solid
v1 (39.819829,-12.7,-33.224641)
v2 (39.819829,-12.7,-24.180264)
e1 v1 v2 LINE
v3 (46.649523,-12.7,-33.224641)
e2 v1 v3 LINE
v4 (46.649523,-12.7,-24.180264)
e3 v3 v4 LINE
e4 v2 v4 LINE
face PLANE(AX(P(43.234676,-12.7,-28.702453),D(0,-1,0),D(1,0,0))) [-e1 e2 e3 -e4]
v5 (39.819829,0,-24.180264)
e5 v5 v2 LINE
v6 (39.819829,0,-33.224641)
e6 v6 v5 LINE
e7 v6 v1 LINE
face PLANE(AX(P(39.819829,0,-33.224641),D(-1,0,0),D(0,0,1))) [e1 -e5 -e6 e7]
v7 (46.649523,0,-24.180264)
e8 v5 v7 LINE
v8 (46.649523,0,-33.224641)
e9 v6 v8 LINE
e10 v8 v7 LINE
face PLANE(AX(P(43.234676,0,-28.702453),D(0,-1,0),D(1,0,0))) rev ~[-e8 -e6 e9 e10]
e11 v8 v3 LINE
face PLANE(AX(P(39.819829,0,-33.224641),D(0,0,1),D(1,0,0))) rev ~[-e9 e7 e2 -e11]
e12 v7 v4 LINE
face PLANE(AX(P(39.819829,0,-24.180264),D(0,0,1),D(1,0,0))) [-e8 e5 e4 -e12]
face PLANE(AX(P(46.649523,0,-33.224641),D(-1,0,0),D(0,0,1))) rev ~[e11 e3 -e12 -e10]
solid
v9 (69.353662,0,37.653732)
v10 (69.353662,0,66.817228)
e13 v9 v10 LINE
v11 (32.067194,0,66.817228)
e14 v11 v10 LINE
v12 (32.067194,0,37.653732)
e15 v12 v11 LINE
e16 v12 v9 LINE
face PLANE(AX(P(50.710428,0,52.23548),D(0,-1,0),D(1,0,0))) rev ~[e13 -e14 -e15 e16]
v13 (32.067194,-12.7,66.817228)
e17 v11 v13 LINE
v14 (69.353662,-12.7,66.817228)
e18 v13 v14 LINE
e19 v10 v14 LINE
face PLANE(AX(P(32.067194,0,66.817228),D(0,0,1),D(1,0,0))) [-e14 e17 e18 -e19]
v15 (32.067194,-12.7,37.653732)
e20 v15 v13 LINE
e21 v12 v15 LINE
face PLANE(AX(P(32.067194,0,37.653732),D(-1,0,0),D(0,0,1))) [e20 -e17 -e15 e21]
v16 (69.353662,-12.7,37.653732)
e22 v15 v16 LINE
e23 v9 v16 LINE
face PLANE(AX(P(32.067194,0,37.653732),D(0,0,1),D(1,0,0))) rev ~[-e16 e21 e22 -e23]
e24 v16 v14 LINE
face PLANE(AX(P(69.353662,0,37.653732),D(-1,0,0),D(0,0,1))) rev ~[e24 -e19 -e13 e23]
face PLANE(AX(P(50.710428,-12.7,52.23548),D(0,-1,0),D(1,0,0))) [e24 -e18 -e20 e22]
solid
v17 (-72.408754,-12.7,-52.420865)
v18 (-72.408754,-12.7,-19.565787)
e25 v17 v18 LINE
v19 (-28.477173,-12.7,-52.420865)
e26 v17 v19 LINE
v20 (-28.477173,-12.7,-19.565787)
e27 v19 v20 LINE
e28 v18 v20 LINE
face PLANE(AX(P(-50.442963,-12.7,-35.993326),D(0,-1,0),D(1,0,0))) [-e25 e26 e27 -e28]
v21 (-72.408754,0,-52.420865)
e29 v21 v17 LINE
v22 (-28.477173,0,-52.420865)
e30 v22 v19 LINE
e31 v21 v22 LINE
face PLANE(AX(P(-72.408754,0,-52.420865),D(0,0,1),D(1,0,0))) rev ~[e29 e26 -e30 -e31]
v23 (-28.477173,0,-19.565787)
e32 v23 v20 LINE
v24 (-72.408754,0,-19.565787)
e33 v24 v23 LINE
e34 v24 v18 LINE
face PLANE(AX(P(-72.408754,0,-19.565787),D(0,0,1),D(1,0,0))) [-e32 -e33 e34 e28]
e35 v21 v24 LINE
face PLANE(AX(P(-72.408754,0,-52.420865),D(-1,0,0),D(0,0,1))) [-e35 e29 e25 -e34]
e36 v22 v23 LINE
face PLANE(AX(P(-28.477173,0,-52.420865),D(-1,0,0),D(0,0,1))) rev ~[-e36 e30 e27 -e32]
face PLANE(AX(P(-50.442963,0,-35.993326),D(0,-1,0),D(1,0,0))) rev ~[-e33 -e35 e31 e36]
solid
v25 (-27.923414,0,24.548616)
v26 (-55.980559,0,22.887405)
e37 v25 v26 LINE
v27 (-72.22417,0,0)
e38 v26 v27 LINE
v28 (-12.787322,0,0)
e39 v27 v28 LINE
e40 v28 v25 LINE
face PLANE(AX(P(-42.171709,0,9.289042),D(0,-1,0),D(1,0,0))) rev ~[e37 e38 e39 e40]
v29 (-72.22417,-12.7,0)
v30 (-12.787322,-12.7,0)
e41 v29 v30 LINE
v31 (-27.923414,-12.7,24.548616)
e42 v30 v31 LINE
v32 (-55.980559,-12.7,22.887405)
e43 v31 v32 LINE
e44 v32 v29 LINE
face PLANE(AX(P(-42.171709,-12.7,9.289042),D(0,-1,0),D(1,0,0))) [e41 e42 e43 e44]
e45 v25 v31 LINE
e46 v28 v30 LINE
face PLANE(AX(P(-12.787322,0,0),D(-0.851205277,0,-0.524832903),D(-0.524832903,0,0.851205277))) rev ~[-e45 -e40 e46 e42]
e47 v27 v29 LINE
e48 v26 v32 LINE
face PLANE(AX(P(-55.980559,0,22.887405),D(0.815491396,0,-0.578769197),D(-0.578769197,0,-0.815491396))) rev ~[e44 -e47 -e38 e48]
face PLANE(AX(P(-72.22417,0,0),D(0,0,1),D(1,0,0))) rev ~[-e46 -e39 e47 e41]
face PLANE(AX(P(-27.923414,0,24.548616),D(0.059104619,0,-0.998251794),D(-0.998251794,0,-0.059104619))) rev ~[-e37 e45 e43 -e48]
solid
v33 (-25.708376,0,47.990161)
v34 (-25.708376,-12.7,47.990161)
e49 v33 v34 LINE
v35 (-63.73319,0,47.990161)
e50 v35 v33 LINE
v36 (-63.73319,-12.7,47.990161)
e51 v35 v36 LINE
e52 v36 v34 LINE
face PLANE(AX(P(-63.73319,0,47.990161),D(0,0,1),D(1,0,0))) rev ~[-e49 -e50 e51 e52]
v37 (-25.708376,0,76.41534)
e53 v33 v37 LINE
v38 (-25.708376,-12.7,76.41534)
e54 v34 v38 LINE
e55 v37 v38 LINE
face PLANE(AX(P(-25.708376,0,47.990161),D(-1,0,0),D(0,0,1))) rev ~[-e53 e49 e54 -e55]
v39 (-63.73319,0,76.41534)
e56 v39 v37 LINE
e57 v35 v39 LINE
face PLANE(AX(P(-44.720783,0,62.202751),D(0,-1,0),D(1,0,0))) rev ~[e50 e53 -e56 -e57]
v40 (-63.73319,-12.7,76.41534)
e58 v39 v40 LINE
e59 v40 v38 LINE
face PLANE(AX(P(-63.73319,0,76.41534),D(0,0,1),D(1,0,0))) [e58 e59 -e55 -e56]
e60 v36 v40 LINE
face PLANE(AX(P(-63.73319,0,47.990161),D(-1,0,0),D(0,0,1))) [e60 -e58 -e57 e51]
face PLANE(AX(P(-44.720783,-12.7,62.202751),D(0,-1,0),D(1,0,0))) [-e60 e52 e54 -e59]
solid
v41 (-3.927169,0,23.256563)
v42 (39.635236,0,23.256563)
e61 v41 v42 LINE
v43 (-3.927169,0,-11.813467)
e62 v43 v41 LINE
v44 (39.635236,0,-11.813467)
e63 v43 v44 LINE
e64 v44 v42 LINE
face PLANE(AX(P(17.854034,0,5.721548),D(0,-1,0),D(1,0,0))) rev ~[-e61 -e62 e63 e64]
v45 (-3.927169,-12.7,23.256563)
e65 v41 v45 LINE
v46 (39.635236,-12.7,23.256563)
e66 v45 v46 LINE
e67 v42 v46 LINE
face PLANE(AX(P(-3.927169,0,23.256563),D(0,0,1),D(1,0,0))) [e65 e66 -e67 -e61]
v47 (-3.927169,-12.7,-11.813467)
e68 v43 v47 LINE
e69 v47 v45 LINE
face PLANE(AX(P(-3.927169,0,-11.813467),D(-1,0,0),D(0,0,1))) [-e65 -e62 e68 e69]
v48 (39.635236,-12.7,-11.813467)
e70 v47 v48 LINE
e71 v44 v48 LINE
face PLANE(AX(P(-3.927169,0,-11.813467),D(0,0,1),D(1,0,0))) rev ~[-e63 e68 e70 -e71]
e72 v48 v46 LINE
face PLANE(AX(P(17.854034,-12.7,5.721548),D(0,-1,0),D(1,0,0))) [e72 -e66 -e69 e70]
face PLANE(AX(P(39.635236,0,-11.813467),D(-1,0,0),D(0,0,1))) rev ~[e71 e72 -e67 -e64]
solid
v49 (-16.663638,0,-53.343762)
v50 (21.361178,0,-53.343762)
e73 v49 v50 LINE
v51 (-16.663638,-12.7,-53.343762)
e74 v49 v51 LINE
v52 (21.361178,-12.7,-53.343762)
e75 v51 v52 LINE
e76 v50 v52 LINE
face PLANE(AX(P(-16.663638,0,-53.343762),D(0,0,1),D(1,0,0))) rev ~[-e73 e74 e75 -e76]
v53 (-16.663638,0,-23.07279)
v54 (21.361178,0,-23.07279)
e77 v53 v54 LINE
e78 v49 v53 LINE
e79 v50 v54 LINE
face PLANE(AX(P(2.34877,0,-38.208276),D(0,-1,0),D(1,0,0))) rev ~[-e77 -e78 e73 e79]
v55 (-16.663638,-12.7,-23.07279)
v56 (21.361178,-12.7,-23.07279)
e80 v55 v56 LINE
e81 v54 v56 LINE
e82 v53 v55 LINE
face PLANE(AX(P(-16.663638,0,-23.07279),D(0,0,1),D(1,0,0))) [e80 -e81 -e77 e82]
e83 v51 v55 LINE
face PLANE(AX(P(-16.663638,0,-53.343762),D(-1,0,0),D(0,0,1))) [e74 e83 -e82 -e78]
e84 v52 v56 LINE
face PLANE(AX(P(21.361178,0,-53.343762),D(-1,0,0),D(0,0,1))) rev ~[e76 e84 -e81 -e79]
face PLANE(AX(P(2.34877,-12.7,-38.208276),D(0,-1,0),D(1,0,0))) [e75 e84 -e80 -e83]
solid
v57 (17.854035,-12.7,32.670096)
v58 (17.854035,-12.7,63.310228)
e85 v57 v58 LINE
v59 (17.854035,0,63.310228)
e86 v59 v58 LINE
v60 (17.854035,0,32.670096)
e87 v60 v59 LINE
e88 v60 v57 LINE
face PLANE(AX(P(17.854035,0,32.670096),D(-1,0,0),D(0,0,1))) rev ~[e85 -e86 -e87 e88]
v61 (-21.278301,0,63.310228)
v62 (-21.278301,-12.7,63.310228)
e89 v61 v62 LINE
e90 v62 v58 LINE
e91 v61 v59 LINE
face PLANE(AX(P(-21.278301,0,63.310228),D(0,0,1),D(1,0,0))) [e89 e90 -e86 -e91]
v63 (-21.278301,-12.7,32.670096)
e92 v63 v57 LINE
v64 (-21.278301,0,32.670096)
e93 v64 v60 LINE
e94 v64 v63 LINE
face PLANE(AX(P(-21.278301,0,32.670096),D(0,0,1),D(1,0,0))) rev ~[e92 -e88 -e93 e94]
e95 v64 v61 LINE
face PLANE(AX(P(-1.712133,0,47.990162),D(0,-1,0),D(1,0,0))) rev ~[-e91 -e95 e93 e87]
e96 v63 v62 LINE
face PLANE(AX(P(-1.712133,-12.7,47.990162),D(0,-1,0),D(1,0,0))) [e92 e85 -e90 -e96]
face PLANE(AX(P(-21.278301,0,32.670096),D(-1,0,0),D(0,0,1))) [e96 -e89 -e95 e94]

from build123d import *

# Parameters (mm, degrees)
F0_W     = 38.024813
F0_H     = 28.425179
F0_W_2   = 43.931581
F0_H_2   = 32.855079
F0_W_3   = 38.024816
F0_H_3   = 30.270972
F0_W_4   = 6.829694
F0_H_4   = 9.044377
F0_W_5   = 43.562405
F0_H_5   = 35.070029
F0_W_6   = 39.132336
F0_H_6   = 30.640132
F0_W_7   = 37.286467
F0_H_7   = 29.163495
F1_DEPTH = 12.7


with BuildPart() as f1:
    # F0 (on Front) → F1 (new body)
    with BuildSketch(Plane.XZ):
        with Locations((-44.720783, 62.202751)):
            Rectangle(F0_W, F0_H)
        with Locations((-50.442963, -35.993326)):
            Rectangle(F0_W_2, F0_H_2)
        with Locations((2.34877, -38.208276)):
            Rectangle(F0_W_3, F0_H_3)
        with Locations((43.234676, -28.702453)):
            Rectangle(F0_W_4, F0_H_4)
        with Locations((17.854034, 5.721548)):
            Rectangle(F0_W_5, F0_H_5)
        with Locations((-1.712133, 47.990162)):
            Rectangle(F0_W_6, F0_H_6)
        with Locations((50.710428, 52.23548)):
            Rectangle(F0_W_7, F0_H_7)
        Polygon((-27.923414, 24.548616), (-55.980559, 22.887405), (-72.22417, 0), (-12.787322, 0), align=None)
    extrude(amount=F1_DEPTH)


solid = f1.part
